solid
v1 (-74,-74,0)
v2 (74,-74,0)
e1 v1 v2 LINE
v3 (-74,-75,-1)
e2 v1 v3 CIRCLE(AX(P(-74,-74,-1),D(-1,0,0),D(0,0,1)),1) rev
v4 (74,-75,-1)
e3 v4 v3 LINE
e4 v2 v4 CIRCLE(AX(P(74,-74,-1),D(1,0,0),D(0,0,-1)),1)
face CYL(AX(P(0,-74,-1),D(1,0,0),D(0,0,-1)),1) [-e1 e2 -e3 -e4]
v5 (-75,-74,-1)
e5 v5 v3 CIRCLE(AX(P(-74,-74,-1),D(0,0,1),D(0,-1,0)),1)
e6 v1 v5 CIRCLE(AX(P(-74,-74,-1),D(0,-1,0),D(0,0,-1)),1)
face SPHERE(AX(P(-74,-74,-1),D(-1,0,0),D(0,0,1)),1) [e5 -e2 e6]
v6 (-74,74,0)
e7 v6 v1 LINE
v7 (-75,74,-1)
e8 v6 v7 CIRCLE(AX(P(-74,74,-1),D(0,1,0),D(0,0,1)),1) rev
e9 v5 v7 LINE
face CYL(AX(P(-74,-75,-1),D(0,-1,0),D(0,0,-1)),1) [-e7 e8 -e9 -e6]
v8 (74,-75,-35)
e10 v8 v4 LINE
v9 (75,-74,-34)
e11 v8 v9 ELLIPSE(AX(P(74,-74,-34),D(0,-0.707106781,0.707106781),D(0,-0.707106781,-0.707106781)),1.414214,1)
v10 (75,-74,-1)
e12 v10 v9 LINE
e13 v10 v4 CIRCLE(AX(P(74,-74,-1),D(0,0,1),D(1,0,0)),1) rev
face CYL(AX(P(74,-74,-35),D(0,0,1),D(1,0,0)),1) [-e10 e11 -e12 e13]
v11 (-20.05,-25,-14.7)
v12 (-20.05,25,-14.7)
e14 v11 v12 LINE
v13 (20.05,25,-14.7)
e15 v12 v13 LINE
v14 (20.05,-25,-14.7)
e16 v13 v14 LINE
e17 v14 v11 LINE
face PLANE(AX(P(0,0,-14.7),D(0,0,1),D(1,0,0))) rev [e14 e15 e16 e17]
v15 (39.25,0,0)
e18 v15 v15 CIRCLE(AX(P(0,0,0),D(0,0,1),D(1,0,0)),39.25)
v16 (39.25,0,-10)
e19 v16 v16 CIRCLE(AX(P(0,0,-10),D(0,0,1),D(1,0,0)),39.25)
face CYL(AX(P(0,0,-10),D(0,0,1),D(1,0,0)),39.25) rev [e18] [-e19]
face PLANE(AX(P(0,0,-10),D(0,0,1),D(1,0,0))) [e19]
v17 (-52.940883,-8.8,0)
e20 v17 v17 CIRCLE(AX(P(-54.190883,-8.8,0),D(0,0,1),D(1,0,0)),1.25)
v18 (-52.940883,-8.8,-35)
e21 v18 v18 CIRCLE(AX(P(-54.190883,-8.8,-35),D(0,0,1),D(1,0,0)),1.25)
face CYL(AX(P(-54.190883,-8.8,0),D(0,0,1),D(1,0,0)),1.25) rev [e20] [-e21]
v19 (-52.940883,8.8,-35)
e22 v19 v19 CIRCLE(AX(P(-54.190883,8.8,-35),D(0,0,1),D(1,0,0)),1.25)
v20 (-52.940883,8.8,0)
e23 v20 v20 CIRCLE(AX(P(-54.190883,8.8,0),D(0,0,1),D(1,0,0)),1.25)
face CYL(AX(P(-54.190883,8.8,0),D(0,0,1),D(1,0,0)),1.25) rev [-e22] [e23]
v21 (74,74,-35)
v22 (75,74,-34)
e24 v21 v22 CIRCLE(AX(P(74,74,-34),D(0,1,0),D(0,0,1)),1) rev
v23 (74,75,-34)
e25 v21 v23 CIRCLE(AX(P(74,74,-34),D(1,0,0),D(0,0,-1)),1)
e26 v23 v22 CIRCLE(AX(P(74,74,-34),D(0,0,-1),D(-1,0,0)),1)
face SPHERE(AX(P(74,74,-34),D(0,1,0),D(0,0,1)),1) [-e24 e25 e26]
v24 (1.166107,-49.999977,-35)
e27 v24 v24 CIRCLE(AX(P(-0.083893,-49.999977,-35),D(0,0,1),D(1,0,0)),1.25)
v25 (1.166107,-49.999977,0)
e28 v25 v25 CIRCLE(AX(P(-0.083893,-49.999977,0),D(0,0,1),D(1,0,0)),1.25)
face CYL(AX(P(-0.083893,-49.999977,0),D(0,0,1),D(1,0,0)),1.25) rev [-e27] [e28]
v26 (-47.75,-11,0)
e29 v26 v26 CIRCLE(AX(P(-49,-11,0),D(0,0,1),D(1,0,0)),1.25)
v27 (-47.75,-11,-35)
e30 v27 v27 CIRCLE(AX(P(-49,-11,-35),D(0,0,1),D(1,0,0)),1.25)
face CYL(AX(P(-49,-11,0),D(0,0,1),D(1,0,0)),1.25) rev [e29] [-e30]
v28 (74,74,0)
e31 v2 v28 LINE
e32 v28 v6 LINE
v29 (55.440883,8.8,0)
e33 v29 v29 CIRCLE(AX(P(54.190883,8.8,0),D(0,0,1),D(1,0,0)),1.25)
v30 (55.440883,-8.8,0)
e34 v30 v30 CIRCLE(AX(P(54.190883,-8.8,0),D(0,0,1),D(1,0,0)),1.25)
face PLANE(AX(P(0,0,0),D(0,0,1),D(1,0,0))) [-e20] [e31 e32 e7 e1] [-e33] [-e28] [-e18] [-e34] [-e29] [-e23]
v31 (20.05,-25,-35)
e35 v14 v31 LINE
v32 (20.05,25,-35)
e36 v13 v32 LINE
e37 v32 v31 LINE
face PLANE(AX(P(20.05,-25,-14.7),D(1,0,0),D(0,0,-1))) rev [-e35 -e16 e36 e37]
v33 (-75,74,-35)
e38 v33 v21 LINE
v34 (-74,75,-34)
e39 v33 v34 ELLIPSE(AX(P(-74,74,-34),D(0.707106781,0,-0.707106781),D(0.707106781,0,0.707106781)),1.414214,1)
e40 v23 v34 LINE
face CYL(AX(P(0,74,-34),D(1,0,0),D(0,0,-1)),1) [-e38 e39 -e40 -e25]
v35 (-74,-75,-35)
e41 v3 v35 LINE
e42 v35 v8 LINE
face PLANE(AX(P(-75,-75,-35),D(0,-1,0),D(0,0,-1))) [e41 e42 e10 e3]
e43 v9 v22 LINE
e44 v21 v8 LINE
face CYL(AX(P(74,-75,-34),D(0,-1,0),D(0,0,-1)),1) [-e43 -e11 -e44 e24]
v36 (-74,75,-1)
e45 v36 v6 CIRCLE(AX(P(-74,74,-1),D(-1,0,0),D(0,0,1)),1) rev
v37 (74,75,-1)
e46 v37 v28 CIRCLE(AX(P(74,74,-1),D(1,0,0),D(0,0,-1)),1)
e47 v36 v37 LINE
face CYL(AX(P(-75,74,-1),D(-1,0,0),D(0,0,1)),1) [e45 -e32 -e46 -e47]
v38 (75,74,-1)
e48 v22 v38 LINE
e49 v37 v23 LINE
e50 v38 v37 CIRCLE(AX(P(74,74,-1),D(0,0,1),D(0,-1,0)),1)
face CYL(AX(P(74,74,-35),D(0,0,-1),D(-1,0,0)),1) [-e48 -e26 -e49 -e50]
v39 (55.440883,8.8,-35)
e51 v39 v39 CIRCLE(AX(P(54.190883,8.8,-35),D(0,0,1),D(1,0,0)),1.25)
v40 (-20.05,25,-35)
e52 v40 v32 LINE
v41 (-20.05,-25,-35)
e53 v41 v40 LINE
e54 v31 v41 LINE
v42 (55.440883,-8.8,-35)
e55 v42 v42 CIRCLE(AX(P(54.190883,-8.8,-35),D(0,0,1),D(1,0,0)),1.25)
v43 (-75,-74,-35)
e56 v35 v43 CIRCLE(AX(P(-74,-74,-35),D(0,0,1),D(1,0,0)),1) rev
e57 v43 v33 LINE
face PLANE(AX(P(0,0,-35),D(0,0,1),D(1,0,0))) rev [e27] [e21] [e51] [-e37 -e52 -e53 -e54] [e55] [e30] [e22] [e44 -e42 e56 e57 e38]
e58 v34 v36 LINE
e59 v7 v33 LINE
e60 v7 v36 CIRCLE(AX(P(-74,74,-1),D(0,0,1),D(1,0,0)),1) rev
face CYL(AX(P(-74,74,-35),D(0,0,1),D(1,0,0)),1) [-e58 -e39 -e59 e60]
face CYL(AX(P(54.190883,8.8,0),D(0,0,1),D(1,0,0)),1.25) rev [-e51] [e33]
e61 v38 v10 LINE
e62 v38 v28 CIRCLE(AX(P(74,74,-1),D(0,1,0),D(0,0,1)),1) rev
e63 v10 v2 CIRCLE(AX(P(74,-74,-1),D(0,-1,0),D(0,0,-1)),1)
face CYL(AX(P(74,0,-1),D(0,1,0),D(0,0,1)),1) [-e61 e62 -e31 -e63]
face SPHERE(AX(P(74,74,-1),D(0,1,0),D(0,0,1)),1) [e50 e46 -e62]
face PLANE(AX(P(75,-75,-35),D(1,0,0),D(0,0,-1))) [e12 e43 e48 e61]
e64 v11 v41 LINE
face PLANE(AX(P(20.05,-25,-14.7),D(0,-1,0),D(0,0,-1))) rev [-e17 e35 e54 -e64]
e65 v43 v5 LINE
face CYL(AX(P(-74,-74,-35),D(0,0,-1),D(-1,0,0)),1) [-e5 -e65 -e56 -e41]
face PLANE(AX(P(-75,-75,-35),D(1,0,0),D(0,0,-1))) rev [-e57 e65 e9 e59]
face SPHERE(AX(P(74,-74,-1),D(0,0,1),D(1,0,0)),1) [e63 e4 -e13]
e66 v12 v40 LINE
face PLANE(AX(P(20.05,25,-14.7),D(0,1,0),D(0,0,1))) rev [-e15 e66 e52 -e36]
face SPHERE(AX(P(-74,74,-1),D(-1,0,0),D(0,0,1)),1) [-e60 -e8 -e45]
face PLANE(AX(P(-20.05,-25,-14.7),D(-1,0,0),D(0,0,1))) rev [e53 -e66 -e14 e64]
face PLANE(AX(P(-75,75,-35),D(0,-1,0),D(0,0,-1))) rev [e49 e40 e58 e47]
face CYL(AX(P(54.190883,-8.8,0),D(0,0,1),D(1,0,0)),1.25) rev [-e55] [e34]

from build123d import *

# Parameters (mm, degrees)
SKETCH1_W                   = 150
SKETCH1_H                   = 150
BOSS_EXTRUDE1_DEPTH         = 35
FILLET1_R                   = 1
SKETCH2_R                   = 39.25
CUT_EXTRUDE4_DEPTH          = 10
TAP_DRILL_FOR_M3X0_5_TAP2_D = 2.5
TAP_DRILL_FOR_M3X0_5_TAP3_D = 2.5
TAP_DRILL_FOR_M3X0_5_TAP5_D = 2.5
SKETCH31_W                  = 40.1
SKETCH31_H                  = 50
CUT_EXTRUDE5_DEPTH          = 20.3


with BuildPart() as part:
    # Sketch1 → Boss-Extrude1 (new body)
    with BuildSketch(Plane.XY):
        Rectangle(SKETCH1_W, SKETCH1_H)
    extrude(amount=-BOSS_EXTRUDE1_DEPTH)

    # Fillet1
    fillet1_edges = [part.edges().sort_by_distance(p)[0] for p in [
        (0, 75, -35),
        (-75, 0, 0),
        (0, 75, 0),
        (75, 0, 0),
        (0, -75, 0),
        (-75, -75, -17.5),
        (-75, 75, -17.5),
        (75, 75, -17.5),
        (75, -75, -17.5),
        (75, 0, -35),
    ]]
    fillet(fillet1_edges, radius=FILLET1_R)

    # Sketch2 → Cut-Extrude4 (cut)
    with BuildSketch(Plane.XY):
        Circle(SKETCH2_R)
    extrude(amount=-CUT_EXTRUDE4_DEPTH, mode=Mode.SUBTRACT)

    # Tap Drill for M3x0.5 Tap2 (through all)
    with Locations(Plane.XY):
        with Locations((-54.190883488, -8.8), (-54.190883488, 8.8), (54.190883488, -8.8), (54.190883488, 8.8)):
            Hole(TAP_DRILL_FOR_M3X0_5_TAP2_D / 2)

    # Tap Drill for M3x0.5 Tap3 (through all)
    with Locations(Plane.XY):
        with Locations((-49, -11)):
            Hole(TAP_DRILL_FOR_M3X0_5_TAP3_D / 2)

    # Tap Drill for M3x0.5 Tap5 (through all)
    with Locations(Plane.XY):
        with Locations((-0.083892693, -49.999977478)):
            Hole(TAP_DRILL_FOR_M3X0_5_TAP5_D / 2)

    # Sketch31 → Cut-Extrude5 (cut)
    with BuildSketch(Plane(origin=(0, 0, -35), x_dir=(-1, 0, 0), z_dir=(0, 0, -1))):
        Rectangle(SKETCH31_W, SKETCH31_H)
    extrude(amount=-CUT_EXTRUDE5_DEPTH, mode=Mode.SUBTRACT)


solid = part.part
